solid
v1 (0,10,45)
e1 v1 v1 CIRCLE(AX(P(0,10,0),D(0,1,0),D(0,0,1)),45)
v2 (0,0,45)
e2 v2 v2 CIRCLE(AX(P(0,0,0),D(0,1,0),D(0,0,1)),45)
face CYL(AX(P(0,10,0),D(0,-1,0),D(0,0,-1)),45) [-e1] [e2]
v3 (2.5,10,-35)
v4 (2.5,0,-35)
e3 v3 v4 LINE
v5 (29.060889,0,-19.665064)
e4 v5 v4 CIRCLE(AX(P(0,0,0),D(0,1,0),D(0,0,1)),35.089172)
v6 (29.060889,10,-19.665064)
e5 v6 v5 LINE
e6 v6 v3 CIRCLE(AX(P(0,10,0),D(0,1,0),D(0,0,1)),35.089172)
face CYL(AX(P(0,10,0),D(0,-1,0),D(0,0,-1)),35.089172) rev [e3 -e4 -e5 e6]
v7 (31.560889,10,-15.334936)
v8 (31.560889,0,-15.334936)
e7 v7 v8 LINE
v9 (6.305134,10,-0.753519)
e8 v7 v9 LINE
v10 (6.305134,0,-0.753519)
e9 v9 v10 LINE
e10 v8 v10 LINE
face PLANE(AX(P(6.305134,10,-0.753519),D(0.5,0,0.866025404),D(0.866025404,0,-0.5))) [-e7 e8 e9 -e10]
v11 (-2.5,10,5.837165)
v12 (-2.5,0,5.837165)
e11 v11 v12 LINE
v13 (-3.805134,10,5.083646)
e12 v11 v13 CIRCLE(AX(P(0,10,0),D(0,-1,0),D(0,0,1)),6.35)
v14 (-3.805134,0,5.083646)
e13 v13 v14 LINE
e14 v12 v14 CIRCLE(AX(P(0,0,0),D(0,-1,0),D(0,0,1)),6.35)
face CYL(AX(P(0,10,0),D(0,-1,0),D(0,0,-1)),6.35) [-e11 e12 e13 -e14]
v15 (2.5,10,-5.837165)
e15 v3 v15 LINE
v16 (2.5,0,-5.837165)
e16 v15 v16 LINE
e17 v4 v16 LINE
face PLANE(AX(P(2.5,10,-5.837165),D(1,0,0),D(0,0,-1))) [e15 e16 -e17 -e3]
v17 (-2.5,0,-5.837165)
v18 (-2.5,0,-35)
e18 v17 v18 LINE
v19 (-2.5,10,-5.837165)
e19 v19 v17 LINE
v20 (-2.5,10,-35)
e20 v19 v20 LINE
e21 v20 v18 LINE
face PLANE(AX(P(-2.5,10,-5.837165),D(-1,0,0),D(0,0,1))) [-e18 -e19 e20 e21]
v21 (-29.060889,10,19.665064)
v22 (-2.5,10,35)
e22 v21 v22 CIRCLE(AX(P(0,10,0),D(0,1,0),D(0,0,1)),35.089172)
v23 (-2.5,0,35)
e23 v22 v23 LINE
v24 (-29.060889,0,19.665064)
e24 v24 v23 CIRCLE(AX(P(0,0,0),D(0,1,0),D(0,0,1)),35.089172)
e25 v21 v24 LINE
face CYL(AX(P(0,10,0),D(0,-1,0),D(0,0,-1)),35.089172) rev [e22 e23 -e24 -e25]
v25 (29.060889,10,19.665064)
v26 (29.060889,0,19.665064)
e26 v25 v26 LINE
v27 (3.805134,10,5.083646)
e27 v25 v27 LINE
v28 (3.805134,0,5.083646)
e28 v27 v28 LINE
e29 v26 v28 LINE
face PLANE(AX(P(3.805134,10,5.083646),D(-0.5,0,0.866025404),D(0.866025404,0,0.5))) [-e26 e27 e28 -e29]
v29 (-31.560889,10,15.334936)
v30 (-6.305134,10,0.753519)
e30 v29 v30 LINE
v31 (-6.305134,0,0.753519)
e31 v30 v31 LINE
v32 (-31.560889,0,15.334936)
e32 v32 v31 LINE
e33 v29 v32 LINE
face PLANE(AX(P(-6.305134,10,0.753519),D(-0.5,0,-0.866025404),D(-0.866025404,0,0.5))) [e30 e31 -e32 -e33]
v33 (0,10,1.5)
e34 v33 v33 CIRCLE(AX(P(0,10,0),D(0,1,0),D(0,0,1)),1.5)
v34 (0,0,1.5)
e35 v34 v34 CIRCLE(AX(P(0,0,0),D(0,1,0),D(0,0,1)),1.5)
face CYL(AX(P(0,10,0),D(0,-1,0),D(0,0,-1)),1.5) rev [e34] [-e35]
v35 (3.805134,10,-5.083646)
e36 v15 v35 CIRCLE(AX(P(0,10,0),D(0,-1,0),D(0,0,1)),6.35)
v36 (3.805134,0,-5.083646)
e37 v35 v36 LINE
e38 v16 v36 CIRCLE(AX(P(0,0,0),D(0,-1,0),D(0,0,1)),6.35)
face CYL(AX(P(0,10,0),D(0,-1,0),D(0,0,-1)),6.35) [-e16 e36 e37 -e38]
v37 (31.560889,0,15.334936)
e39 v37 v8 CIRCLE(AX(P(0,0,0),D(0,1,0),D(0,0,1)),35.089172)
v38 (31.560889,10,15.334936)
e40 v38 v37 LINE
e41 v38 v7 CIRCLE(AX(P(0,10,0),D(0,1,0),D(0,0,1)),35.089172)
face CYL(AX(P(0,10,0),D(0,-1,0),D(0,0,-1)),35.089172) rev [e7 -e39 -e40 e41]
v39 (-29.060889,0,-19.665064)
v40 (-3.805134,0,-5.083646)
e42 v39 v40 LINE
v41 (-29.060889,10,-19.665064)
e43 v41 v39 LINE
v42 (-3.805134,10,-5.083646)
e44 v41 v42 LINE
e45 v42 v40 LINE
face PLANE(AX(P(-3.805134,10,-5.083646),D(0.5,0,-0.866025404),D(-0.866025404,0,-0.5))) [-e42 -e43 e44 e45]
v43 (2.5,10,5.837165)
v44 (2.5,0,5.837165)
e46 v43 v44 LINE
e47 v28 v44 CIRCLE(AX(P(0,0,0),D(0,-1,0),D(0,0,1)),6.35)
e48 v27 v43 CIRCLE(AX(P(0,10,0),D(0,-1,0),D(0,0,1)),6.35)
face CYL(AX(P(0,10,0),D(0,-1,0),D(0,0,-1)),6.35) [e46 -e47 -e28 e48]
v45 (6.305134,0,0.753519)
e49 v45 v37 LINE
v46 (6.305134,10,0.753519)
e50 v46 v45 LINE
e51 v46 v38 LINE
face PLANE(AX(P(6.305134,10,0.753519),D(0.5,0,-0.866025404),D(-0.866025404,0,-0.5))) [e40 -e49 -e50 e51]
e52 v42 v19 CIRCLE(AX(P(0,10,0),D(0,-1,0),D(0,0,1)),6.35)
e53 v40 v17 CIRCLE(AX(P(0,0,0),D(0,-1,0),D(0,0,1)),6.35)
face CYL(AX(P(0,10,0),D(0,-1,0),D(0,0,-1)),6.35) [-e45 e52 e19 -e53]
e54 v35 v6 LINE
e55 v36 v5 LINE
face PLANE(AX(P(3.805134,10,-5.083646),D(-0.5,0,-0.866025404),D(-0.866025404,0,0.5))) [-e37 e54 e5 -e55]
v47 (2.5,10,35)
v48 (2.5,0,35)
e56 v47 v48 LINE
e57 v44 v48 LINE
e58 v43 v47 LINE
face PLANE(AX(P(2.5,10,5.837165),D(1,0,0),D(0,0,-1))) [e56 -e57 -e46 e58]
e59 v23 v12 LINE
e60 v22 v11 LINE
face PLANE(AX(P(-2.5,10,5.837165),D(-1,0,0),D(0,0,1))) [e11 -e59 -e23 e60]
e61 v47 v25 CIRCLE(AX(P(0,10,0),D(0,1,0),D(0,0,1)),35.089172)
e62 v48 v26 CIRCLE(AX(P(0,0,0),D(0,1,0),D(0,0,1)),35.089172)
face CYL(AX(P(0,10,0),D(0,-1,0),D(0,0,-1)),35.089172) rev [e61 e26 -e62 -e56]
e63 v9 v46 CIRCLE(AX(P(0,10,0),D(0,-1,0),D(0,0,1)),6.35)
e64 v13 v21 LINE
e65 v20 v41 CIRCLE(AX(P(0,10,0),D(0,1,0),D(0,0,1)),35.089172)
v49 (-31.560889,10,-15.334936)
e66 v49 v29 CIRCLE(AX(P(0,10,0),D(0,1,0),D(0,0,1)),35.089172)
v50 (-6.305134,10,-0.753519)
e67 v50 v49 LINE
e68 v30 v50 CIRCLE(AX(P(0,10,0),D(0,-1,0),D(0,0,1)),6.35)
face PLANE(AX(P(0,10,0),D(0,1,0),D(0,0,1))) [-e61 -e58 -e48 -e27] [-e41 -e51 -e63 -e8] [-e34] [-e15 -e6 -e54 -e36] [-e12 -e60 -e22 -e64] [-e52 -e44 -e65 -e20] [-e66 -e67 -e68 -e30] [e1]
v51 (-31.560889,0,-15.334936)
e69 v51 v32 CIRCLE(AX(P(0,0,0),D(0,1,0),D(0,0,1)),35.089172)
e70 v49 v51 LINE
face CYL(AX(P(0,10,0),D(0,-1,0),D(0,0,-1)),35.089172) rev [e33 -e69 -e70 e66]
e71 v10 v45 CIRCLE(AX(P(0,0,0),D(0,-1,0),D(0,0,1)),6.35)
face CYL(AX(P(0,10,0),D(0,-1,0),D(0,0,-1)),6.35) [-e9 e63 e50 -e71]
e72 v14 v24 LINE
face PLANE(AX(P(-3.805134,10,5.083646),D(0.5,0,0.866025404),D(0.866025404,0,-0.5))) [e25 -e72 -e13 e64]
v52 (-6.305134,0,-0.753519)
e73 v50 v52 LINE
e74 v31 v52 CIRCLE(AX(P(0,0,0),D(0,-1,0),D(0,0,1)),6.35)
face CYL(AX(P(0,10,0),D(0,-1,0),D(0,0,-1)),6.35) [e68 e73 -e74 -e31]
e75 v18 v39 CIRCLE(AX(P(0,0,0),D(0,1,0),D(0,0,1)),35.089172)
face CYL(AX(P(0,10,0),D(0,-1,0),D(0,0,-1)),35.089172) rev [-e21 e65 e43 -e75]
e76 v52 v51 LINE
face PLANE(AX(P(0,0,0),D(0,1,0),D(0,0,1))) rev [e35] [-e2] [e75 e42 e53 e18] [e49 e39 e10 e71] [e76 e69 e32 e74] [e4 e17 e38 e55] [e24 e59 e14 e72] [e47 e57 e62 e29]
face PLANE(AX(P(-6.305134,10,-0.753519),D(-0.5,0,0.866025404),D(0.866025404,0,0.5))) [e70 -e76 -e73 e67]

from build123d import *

# Parameters (mm, degrees)
SKETCH1_R           = 45
SKETCH1_R_2         = 1.5
BOSS_EXTRUDE1_DEPTH = 10


with BuildPart() as part:
    # Sketch1 → Boss-Extrude1 (new body)
    with BuildSketch(Plane(origin=(0, 0, 0), x_dir=(1, 0, 0), z_dir=(0, 1, 0))):
        with Locations(Location((0, 0, 0), (0, 0, 270))):
            Circle(SKETCH1_R)
        with Locations(Location((0, 0, 0), (0, 0, 270))):
            Circle(SKETCH1_R_2, mode=Mode.SUBTRACT)
        with BuildLine():
            Line((-2.5, 5.837165408), (-2.5, 35))
            ThreePointArc((-2.5, 35), (-17.54458606, 30.388114453), (-29.060889132, 19.665063509))
            Line((-29.060889132, 19.665063509), (-3.805133529, 5.083646213))
            ThreePointArc((-3.805133529, 5.083646213), (-3.175, 5.499261314), (-2.5, 5.837165408))
        make_face(mode=Mode.SUBTRACT)
        with BuildLine():
            Line((2.5, 5.837165408), (2.5, 35))
            ThreePointArc((2.5, 35), (17.54458606, 30.388114453), (29.060889132, 19.665063509))
            Line((29.060889132, 19.665063509), (3.805133529, 5.083646213))
            ThreePointArc((3.805133529, 5.083646213), (3.175, 5.499261314), (2.5, 5.837165408))
        make_face(mode=Mode.SUBTRACT)
        with BuildLine():
            Line((6.305133529, 0.753519195), (31.560889132, 15.334936491))
            ThreePointArc((31.560889132, 15.334936491), (35.089172119, 0), (31.560889132, -15.334936491))
            Line((31.560889132, -15.334936491), (6.305133529, -0.753519195))
            ThreePointArc((6.305133529, -0.753519195), (6.35, 0), (6.305133529, 0.753519195))
        make_face(mode=Mode.SUBTRACT)
        with BuildLine():
            Line((3.805133529, -5.083646213), (29.060889132, -19.665063509))
            ThreePointArc((29.060889132, -19.665063509), (17.54458606, -30.388114453), (2.5, -35))
            Line((2.5, -35), (2.5, -5.837165408))
            ThreePointArc((2.5, -5.837165408), (3.175, -5.499261314), (3.805133529, -5.083646213))
        make_face(mode=Mode.SUBTRACT)
        with BuildLine():
            Line((-2.5, -5.837165408), (-2.5, -35))
            ThreePointArc((-2.5, -35), (-17.54458606, -30.388114453), (-29.060889132, -19.665063509))
            Line((-29.060889132, -19.665063509), (-3.805133529, -5.083646213))
            ThreePointArc((-3.805133529, -5.083646213), (-3.175, -5.499261314), (-2.5, -5.837165408))
        make_face(mode=Mode.SUBTRACT)
        with BuildLine():
            Line((-6.305133529, -0.753519195), (-31.560889132, -15.334936491))
            ThreePointArc((-31.560889132, -15.334936491), (-35.089172119, 0), (-31.560889132, 15.334936491))
            Line((-31.560889132, 15.334936491), (-6.305133529, 0.753519195))
            ThreePointArc((-6.305133529, 0.753519195), (-6.35, 0), (-6.305133529, -0.753519195))
        make_face(mode=Mode.SUBTRACT)
    extrude(amount=BOSS_EXTRUDE1_DEPTH)


solid = part.part
